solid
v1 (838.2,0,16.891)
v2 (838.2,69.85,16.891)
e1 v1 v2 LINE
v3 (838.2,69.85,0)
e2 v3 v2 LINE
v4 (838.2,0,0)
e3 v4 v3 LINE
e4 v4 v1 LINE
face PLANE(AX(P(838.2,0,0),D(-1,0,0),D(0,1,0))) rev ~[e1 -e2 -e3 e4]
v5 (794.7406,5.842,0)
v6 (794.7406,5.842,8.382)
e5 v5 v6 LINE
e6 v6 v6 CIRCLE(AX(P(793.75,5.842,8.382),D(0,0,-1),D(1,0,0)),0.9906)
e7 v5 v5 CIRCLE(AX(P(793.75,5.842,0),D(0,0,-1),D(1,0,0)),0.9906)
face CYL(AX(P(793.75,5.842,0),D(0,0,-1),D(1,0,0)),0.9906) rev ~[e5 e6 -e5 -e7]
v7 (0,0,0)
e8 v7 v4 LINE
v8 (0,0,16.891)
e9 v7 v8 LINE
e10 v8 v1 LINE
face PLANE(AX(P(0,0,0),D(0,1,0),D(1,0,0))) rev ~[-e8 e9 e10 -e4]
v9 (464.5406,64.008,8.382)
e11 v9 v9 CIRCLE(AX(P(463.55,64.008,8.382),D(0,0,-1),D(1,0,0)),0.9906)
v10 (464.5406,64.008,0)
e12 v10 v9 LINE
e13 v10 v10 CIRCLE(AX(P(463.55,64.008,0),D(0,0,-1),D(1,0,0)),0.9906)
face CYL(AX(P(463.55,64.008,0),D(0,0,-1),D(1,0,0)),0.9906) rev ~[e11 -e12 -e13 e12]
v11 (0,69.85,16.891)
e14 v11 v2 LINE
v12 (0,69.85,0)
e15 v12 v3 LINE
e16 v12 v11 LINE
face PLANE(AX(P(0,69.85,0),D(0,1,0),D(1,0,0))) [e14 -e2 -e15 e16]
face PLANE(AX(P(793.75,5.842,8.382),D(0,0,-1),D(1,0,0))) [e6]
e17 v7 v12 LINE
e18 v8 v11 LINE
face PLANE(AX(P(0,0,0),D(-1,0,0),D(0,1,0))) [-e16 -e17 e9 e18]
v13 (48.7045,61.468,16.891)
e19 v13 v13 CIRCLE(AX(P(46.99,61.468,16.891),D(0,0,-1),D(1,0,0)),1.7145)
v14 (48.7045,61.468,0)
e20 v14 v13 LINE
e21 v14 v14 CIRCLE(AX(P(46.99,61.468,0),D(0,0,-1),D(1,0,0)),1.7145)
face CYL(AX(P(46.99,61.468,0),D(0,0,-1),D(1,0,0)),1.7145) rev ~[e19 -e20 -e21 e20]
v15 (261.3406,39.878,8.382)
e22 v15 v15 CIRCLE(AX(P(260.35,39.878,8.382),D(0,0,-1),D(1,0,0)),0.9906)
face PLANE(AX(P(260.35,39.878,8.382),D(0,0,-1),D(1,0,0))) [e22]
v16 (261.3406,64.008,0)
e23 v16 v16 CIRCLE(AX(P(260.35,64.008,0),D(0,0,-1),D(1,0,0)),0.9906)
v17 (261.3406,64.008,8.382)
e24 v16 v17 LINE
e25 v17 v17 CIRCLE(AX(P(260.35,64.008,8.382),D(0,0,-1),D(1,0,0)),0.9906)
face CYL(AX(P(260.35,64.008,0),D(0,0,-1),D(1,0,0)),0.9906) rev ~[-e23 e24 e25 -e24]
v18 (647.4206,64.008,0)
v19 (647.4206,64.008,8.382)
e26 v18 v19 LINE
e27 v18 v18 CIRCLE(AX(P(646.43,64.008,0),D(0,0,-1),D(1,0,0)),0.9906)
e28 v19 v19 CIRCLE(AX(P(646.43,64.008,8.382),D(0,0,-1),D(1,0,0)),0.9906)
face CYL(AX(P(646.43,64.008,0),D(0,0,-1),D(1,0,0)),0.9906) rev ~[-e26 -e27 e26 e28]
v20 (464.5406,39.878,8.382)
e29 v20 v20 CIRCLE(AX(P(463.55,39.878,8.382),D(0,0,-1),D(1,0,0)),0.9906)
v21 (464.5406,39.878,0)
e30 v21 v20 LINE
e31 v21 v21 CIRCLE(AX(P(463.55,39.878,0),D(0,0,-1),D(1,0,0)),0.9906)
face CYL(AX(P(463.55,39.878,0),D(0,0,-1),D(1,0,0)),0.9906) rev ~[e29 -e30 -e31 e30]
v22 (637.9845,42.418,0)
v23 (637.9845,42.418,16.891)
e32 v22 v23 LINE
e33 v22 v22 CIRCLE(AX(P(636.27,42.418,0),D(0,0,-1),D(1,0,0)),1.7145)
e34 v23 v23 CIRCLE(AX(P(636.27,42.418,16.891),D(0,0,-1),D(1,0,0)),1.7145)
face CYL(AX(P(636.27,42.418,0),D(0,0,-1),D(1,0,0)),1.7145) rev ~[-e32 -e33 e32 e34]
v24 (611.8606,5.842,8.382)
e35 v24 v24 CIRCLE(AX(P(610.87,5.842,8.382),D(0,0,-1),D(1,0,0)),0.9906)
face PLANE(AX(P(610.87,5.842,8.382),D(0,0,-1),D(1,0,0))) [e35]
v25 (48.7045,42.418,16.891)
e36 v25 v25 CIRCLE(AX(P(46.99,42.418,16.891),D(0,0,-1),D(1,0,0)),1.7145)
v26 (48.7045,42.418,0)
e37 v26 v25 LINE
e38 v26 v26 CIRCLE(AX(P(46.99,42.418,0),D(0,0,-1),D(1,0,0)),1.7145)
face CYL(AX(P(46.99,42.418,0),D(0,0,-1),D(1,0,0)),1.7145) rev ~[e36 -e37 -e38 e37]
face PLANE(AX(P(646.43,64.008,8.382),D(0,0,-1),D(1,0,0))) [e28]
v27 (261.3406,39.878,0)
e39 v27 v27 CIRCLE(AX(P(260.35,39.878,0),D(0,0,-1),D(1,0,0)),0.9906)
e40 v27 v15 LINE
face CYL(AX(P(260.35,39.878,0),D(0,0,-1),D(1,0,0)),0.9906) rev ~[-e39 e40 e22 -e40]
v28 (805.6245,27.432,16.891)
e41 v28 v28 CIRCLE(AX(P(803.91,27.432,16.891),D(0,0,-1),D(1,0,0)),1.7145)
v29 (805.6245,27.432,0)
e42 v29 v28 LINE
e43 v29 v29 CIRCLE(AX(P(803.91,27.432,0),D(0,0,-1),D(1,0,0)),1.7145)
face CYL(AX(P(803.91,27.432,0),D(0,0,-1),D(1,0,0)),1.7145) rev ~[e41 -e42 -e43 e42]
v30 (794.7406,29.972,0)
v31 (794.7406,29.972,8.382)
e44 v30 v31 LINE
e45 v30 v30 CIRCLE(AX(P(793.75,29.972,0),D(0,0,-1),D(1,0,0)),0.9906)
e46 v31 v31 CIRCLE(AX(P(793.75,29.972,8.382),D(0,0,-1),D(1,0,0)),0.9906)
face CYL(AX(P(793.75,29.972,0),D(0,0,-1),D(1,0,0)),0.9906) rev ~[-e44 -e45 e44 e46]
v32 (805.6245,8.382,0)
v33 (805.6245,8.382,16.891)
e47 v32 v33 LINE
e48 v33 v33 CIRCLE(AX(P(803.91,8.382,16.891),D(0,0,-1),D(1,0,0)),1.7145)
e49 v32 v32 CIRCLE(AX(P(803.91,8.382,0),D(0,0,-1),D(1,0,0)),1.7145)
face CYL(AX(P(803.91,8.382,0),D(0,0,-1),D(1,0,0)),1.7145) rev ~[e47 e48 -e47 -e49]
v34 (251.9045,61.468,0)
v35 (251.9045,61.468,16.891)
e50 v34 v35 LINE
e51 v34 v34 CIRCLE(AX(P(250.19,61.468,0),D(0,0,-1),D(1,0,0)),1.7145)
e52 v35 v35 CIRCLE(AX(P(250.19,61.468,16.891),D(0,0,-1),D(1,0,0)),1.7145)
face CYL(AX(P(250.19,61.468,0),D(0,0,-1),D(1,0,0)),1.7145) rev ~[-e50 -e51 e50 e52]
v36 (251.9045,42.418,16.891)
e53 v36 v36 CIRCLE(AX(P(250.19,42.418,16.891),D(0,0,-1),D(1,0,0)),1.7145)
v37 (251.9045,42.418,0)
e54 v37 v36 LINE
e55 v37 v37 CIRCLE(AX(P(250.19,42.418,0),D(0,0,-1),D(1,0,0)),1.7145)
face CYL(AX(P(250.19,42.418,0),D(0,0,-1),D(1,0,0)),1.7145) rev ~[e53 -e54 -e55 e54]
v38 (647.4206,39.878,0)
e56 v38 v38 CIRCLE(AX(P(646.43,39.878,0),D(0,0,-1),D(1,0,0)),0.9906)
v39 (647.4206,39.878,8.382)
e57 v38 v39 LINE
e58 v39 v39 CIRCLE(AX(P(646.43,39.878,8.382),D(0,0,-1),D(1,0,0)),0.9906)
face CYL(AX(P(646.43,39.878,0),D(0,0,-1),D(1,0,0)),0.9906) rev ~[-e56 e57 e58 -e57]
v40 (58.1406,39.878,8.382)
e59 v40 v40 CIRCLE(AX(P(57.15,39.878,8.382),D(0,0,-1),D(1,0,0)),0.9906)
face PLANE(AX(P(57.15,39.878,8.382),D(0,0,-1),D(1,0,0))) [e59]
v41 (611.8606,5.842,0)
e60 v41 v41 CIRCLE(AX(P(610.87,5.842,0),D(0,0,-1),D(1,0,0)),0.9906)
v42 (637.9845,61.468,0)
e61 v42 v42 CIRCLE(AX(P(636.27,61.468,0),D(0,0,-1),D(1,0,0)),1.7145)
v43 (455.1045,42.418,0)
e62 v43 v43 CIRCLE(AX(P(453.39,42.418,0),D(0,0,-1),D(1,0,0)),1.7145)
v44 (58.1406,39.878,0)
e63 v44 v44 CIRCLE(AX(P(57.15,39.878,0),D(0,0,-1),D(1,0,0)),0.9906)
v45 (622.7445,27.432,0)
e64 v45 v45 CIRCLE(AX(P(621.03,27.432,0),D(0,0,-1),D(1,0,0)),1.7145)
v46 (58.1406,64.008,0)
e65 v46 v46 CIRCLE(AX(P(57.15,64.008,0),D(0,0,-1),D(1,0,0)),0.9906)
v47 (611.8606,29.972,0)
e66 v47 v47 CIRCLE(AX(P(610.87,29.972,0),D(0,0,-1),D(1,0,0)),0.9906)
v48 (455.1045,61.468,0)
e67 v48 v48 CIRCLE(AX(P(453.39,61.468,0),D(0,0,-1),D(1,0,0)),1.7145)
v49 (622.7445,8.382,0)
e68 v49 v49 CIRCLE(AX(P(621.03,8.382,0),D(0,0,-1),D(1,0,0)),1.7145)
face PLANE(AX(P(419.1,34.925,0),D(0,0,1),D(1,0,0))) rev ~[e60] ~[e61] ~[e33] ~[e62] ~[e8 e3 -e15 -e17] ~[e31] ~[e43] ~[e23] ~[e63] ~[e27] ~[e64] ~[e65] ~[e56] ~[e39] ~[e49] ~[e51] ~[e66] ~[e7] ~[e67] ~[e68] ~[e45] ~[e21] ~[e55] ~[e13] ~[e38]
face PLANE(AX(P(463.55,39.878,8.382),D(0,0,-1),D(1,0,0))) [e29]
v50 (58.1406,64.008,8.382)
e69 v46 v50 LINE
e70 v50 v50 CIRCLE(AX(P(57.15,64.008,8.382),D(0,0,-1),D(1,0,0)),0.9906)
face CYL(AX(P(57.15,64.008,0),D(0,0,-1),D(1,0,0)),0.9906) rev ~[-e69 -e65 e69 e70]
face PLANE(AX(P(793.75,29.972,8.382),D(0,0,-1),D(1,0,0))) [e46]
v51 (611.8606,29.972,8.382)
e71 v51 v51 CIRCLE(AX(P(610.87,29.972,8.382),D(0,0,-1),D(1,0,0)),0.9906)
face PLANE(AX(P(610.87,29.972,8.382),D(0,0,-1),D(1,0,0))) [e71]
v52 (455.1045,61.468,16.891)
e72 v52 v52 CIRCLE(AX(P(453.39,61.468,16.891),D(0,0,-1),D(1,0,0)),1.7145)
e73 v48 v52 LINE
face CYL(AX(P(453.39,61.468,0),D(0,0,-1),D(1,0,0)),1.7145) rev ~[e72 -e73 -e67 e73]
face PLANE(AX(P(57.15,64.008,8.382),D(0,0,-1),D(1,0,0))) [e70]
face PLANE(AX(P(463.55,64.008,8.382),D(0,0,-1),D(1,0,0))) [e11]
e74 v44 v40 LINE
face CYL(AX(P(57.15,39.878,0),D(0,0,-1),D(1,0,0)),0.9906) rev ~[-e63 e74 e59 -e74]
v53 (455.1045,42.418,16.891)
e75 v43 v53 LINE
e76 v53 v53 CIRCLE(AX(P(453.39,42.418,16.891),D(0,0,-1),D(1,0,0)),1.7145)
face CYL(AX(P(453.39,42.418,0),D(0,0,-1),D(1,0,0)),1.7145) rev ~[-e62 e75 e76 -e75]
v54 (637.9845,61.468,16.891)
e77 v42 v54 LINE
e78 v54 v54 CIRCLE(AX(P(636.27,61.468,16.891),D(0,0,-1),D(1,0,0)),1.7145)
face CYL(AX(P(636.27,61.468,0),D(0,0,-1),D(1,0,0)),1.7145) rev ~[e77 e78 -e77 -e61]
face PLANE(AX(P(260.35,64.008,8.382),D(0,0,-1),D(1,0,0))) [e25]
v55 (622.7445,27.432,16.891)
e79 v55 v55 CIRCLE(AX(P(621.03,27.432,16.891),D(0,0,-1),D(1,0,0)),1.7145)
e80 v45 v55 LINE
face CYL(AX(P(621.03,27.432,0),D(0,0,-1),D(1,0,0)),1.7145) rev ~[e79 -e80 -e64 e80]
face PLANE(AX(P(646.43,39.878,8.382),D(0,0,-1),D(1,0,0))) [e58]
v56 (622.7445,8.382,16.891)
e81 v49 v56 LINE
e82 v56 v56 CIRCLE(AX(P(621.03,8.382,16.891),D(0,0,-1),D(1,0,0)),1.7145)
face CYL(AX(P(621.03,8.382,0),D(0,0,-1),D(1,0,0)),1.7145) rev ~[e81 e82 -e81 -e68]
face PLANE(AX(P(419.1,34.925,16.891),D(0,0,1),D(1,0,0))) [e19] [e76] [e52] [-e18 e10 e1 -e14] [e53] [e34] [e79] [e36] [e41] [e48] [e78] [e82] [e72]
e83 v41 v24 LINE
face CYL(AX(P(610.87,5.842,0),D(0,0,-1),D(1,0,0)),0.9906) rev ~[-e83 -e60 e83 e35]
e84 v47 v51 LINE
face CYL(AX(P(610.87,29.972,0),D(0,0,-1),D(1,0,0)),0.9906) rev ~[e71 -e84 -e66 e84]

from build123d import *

# Parameters (mm, degrees)
F0_W     = 838.2
F0_H     = 69.85
F1_DEPTH = 16.891
F2_R     = 0.9906
F3_DEPTH = 8.382
F4_R     = 1.7145
F5_DEPTH = 25.4


with BuildPart() as f1:
    # F0 (on Top) → F1 (new body)
    with BuildSketch(Plane.XY):
        with Locations((419.1, 34.925)):
            Rectangle(F0_W, F0_H)
    extrude(amount=F1_DEPTH)

    # F2 (on face) → F3 (cut)
    with BuildSketch(Plane(origin=(0, 0, 0), x_dir=(1, 0, 0), z_dir=(0, 0, -1))):
        with Locations((793.75, -5.842)):
            Circle(F2_R)
        with Locations((793.75, -29.972)):
            Circle(F2_R)
        with Locations((646.43, -39.878)):
            Circle(F2_R)
        with Locations((646.43, -64.008)):
            Circle(F2_R)
        with Locations((463.55, -64.008)):
            Circle(F2_R)
        with Locations((610.87, -29.972)):
            Circle(F2_R)
        with Locations((463.55, -39.878)):
            Circle(F2_R)
        with Locations((610.87, -5.842)):
            Circle(F2_R)
        with Locations((260.35, -39.878)):
            Circle(F2_R)
        with Locations((260.35, -64.008)):
            Circle(F2_R)
        with Locations((57.15, -39.878)):
            Circle(F2_R)
        with Locations((57.15, -64.008)):
            Circle(F2_R)
    extrude(amount=-F3_DEPTH, mode=Mode.SUBTRACT)

    # F4 (on face) → F5 (cut)
    with BuildSketch(Plane(origin=(0, 0, 0), x_dir=(1, 0, 0), z_dir=(0, 0, -1))):
        with Locations((803.91, -8.382)):
            Circle(F4_R)
        with Locations((803.91, -27.432)):
            Circle(F4_R)
        with Locations((636.27, -42.418)):
            Circle(F4_R)
        with Locations((636.27, -61.468)):
            Circle(F4_R)
        with Locations((453.39, -42.418)):
            Circle(F4_R)
        with Locations((453.39, -61.468)):
            Circle(F4_R)
        with Locations((621.03, -27.432)):
            Circle(F4_R)
        with Locations((621.03, -8.382)):
            Circle(F4_R)
        with Locations((250.19, -42.418)):
            Circle(F4_R)
        with Locations((250.19, -61.468)):
            Circle(F4_R)
        with Locations((46.99, -42.418)):
            Circle(F4_R)
        with Locations((46.99, -61.468)):
            Circle(F4_R)
    extrude(amount=-F5_DEPTH, mode=Mode.SUBTRACT)


solid = f1.part
